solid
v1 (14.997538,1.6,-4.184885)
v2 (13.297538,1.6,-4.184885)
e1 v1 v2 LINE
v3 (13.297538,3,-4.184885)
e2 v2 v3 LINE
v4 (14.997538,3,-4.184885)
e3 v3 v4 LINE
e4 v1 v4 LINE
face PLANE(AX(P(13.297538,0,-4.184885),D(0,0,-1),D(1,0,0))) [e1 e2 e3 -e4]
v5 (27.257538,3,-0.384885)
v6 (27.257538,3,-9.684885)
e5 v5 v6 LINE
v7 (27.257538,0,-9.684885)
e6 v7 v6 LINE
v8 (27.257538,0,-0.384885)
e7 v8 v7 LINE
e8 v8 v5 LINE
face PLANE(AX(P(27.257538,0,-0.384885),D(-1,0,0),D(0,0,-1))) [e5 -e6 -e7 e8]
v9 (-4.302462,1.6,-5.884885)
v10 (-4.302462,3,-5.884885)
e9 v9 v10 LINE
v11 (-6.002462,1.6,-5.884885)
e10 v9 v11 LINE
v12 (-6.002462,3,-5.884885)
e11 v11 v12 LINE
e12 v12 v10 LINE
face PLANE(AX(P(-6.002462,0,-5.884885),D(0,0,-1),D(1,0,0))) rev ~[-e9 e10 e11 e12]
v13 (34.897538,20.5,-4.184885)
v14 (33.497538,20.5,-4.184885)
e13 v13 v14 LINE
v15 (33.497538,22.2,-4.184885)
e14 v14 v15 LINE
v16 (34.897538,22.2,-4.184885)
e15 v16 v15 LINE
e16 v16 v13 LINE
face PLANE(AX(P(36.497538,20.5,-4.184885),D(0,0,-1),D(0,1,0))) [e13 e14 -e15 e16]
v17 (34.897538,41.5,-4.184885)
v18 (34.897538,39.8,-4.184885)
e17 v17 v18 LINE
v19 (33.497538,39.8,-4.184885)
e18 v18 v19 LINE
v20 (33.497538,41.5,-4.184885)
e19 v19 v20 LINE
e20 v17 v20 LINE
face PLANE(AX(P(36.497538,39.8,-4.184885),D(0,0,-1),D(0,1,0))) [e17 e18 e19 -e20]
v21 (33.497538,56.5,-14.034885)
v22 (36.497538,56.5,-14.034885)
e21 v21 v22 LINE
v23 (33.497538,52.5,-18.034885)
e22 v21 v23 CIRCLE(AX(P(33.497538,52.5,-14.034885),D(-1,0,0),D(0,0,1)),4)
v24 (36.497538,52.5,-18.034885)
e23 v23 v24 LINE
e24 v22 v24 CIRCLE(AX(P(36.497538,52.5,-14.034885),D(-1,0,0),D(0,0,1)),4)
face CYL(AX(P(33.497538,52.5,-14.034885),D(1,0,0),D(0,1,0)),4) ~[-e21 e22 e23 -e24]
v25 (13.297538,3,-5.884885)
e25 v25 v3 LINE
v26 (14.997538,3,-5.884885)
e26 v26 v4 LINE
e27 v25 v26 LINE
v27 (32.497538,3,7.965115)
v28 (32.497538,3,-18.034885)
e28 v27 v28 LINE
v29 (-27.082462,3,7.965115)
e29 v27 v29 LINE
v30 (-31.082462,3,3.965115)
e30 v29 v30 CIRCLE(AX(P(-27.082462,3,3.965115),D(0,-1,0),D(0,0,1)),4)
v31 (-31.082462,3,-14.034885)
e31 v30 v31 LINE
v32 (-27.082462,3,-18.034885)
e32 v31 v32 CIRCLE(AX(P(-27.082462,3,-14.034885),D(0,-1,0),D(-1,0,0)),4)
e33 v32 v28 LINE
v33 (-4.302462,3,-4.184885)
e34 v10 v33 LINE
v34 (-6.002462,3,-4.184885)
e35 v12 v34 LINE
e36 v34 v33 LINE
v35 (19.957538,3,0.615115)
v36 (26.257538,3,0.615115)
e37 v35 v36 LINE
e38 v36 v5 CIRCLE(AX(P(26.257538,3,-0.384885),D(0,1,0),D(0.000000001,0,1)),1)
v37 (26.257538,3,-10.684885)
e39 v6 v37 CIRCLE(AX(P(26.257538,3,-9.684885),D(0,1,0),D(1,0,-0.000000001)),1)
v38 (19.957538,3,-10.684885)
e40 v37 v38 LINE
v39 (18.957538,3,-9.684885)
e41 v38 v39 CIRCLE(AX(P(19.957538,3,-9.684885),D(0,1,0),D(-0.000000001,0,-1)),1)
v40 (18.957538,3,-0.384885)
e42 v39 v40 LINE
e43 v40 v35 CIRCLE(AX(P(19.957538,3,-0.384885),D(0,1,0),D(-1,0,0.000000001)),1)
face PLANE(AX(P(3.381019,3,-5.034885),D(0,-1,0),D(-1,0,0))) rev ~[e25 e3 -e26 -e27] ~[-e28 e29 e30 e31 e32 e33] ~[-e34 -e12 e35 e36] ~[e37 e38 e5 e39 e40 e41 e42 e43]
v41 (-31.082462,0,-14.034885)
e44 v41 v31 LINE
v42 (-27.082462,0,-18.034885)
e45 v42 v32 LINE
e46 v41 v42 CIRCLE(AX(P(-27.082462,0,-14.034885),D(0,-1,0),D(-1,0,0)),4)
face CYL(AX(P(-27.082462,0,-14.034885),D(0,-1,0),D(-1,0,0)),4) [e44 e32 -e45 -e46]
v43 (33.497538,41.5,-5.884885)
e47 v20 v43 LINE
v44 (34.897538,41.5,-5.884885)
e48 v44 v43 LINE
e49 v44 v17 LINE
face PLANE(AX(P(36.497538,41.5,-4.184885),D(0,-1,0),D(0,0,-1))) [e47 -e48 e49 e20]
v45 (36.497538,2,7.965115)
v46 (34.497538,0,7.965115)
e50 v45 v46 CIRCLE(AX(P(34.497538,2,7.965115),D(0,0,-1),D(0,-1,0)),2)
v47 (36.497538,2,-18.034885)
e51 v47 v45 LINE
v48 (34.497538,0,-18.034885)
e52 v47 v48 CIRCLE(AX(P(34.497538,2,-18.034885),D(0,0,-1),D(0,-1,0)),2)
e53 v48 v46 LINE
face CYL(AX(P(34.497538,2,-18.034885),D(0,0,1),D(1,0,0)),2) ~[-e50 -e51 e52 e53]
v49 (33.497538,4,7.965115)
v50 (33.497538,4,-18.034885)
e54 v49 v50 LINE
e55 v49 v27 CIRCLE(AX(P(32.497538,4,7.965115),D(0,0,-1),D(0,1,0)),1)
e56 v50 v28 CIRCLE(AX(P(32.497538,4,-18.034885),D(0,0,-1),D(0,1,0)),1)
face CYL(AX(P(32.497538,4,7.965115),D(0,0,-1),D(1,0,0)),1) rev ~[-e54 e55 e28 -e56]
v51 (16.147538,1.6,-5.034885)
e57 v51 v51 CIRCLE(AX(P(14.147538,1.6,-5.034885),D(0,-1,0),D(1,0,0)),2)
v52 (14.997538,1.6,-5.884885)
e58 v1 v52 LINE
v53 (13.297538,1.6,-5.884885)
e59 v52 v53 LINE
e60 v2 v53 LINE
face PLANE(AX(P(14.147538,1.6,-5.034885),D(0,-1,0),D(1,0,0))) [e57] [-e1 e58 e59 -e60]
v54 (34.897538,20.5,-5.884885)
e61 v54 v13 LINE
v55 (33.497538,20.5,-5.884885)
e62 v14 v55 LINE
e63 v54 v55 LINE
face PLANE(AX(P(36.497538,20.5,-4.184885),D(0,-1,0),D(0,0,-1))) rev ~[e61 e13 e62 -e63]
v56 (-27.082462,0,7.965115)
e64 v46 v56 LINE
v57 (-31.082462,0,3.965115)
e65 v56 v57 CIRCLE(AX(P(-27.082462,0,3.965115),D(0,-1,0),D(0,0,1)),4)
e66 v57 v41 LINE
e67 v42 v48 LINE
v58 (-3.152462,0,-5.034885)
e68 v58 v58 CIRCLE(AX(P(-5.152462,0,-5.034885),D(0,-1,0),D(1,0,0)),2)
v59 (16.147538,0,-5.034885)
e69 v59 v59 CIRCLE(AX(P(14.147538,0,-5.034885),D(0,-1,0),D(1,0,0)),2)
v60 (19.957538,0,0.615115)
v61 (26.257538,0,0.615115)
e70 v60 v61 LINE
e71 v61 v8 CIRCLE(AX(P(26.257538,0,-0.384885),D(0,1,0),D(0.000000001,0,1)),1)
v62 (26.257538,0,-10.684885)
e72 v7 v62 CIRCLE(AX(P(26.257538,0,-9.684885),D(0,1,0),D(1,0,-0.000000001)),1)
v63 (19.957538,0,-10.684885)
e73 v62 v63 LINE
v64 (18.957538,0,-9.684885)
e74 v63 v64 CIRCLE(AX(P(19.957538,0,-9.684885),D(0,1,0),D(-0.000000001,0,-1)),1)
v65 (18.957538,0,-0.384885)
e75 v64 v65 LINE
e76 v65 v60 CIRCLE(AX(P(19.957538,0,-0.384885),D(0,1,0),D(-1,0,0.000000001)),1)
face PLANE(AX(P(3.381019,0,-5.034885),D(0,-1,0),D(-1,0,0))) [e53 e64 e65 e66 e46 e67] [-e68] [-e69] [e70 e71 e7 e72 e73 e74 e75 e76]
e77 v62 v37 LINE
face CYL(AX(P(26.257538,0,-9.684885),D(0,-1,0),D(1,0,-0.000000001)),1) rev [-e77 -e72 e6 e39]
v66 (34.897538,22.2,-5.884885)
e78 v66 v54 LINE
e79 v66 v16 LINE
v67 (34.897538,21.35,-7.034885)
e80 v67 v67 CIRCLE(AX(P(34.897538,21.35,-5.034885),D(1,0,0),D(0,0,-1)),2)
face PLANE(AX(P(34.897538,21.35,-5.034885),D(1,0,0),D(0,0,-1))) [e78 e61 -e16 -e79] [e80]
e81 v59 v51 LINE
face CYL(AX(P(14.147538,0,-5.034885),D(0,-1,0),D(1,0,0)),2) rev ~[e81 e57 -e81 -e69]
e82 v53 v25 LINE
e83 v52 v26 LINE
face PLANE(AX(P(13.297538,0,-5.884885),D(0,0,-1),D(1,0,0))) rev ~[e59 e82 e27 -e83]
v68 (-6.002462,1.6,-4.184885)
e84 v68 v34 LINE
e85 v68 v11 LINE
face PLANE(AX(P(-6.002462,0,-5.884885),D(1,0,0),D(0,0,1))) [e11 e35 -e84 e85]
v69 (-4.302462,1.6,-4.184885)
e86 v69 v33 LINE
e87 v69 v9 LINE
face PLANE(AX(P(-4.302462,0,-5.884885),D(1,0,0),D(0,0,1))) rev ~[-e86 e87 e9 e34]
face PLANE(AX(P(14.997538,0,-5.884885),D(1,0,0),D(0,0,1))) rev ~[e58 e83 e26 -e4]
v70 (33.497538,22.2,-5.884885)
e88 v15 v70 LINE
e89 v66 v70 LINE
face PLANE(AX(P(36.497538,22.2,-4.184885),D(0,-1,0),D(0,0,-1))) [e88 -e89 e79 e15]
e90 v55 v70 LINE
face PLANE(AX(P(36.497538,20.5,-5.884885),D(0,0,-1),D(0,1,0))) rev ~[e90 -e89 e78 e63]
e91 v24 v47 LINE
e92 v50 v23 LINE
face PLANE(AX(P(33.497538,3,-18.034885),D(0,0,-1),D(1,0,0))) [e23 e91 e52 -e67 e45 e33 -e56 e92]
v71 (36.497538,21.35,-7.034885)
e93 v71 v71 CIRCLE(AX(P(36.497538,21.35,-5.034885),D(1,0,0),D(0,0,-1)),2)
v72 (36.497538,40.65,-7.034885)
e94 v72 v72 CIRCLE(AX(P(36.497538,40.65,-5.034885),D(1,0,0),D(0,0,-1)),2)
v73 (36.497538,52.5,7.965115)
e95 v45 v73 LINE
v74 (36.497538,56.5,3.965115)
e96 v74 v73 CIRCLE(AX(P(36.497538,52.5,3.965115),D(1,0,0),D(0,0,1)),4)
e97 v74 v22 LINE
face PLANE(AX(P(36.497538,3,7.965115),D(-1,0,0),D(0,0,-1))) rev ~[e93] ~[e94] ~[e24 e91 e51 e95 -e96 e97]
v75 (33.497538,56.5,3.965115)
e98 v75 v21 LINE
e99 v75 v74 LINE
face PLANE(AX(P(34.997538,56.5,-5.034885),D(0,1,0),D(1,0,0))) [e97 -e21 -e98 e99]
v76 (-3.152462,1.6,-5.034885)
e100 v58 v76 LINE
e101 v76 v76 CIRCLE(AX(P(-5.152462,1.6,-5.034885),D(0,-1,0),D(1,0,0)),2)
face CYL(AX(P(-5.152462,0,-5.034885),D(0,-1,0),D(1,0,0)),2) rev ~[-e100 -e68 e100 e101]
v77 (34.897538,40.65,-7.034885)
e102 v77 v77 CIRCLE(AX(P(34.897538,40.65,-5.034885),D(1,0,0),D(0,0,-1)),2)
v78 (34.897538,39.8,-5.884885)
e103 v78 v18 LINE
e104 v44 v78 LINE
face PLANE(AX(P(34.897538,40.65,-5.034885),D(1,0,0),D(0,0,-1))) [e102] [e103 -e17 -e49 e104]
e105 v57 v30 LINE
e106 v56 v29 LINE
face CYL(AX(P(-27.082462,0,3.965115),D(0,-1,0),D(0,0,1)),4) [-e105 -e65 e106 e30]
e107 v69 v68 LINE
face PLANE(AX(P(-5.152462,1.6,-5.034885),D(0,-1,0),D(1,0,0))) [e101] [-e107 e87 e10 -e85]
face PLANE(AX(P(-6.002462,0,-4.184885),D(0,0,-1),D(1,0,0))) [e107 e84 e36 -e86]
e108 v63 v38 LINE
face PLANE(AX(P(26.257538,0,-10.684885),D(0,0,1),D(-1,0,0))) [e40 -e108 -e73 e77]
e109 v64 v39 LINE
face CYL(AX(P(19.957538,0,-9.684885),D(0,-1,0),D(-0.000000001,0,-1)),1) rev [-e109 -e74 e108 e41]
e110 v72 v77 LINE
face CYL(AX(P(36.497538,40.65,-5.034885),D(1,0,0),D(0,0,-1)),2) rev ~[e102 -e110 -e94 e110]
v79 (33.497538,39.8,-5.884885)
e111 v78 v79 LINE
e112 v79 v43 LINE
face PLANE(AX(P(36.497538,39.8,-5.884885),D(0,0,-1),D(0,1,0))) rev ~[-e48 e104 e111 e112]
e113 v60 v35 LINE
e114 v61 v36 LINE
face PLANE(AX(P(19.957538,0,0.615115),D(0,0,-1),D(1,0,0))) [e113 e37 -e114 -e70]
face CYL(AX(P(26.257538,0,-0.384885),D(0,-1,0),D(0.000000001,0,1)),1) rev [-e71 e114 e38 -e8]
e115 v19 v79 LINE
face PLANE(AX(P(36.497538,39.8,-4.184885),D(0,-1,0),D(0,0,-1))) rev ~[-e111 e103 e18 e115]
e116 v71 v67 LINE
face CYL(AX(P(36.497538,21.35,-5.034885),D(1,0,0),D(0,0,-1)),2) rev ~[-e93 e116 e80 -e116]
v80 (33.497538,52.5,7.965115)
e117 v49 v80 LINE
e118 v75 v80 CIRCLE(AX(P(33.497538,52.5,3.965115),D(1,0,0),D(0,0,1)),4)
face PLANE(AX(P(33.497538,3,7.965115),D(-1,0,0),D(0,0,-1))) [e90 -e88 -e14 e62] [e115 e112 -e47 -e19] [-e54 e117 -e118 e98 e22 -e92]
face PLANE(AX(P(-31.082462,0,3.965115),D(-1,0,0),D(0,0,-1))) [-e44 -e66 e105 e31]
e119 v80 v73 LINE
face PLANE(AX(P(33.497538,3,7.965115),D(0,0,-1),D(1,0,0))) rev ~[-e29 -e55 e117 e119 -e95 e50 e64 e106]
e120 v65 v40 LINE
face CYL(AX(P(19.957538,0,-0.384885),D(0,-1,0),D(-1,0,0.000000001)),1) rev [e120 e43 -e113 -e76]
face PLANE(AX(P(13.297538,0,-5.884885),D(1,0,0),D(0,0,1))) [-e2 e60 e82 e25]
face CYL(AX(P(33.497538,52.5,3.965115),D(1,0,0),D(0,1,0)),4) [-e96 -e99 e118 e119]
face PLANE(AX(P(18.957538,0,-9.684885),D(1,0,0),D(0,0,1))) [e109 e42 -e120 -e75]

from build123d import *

# Parameters (mm, degrees)
EXTRUDE_1_DEPTH     = 3
SKETCH_2_W          = 3
SKETCH_2_H          = 26
EXTRUDE_2_DEPTH     = 53.5
FILLET_1_R          = 4
FILLET_2_R          = 2
FILLET_3_R          = 1
SKETCH_3_W          = 1.7
SKETCH_3_H          = 1.7
CUT_EXTRUDE_1_DEPTH = 3
SKETCH_4_R          = 2
CUT_EXTRUDE_2_DEPTH = 1.6
SKETCH_5_W          = 1.7
SKETCH_5_H          = 1.7
CUT_EXTRUDE_3_DEPTH = 3
SKETCH_6_R          = 2
CUT_EXTRUDE_4_DEPTH = 1.6
CUT_EXTRUDE_5_DEPTH = 3


with BuildPart() as part:
    # Эскиз1 → Бобышка-Вытянуть1 (new body)
    with BuildSketch(Plane(origin=(0, 0, 0), x_dir=(1, 0, 0), z_dir=(0, 1, 0))):
        with BuildLine():
            Line((-27.082461997, 18.034885268), (36.497538003, 18.034885268))
            Line((36.497538003, 18.034885268), (36.497538003, -7.965114732))
            Line((36.497538003, -7.965114732), (-27.082461997, -7.965114732))
            ThreePointArc((-27.082461997, -7.965114732), (-29.910889121, -6.793541857), (-31.082461997, -3.965114732))
            Line((-31.082461997, -3.965114732), (-31.082461997, 14.034885268))
            ThreePointArc((-31.082461997, 14.034885268), (-29.910889121, 16.863312393), (-27.082461997, 18.034885268))
        make_face()
    extrude(amount=EXTRUDE_1_DEPTH)

    # Эскиз2 → Бобышка-Вытянуть2 (add)
    with BuildSketch(Plane(origin=(0, 3, 0), x_dir=(1, 0, 0), z_dir=(0, 1, 0))):
        with Locations((34.997538003, 5.034885268)):
            Rectangle(SKETCH_2_W, SKETCH_2_H)
    extrude(amount=EXTRUDE_2_DEPTH)

    # Скругление1
    fillet_1_edges = [part.edges().sort_by_distance(p)[0] for p in [
        (34.997538003, 56.5, -18.034885268),
        (34.997538003, 56.5, 7.965114732),
    ]]
    fillet(fillet_1_edges, radius=FILLET_1_R)

    # Скругление2
    fillet_2_edges = [part.edges().sort_by_distance(p)[0] for p in [
        (36.497538003, 0, -5.034885268),
    ]]
    fillet(fillet_2_edges, radius=FILLET_2_R)

    # Скругление3
    fillet_3_edges = [part.edges().sort_by_distance(p)[0] for p in [
        (33.497538003, 3, -5.034885268),
    ]]
    fillet(fillet_3_edges, radius=FILLET_3_R)

    # Эскиз3 → Вырез-Вытянуть1 (cut)
    with BuildSketch(Plane.XZ):
        with Locations((-5.152461997, -5.034885268)):
            Rectangle(SKETCH_3_W, SKETCH_3_H)
        with Locations((14.147538003, -5.034885268)):
            Rectangle(SKETCH_3_W, SKETCH_3_H)
    extrude(amount=-CUT_EXTRUDE_1_DEPTH, mode=Mode.SUBTRACT)

    # Эскиз4 → Вырез-Вытянуть2 (cut)
    with BuildSketch(Plane.XZ):
        with Locations((-5.152461997, -5.034885268)):
            Circle(SKETCH_4_R)
        with Locations((14.147538003, -5.034885268)):
            Circle(SKETCH_4_R)
    extrude(amount=-CUT_EXTRUDE_2_DEPTH, mode=Mode.SUBTRACT)

    # Эскиз5 → Вырез-Вытянуть3 (cut)
    with BuildSketch(Plane(origin=(36.497538003, 0, 0), x_dir=(0, 0, -1), z_dir=(1, 0, 0))):
        with Locations((5.034885268, 21.35)):
            Rectangle(SKETCH_5_W, SKETCH_5_H)
        with Locations((5.034885268, 40.65)):
            Rectangle(SKETCH_5_W, SKETCH_5_H)
    extrude(amount=-CUT_EXTRUDE_3_DEPTH, mode=Mode.SUBTRACT)

    # Эскиз6 → Вырез-Вытянуть4 (cut)
    with BuildSketch(Plane(origin=(36.497538003, 0, 0), x_dir=(0, 0, -1), z_dir=(1, 0, 0))):
        with Locations((5.034885268, 40.65)):
            Circle(SKETCH_6_R)
        with Locations((5.034885268, 21.35)):
            Circle(SKETCH_6_R)
    extrude(amount=-CUT_EXTRUDE_4_DEPTH, mode=Mode.SUBTRACT)

    # Эскиз7 → Вырез-Вытянуть5 (cut)
    with BuildSketch(Plane.XZ):
        with BuildLine():
            Line((19.957538003, 0.615114732), (26.257538003, 0.615114732))
            ThreePointArc((26.257538003, 0.615114732), (26.964644784, 0.322221513), (27.257538003, -0.384885268))
            Line((27.257538003, -0.384885268), (27.257538003, -9.684885268))
            ThreePointArc((27.257538003, -9.684885268), (26.964644784, -10.391992049), (26.257538003, -10.684885268))
            Line((26.257538003, -10.684885268), (19.957538003, -10.684885268))
            ThreePointArc((19.957538003, -10.684885268), (19.250431222, -10.391992049), (18.957538003, -9.684885268))
            Line((18.957538003, -9.684885268), (18.957538003, -0.384885268))
            ThreePointArc((18.957538003, -0.384885268), (19.250431222, 0.322221513), (19.957538003, 0.615114732))
        make_face()
    extrude(amount=-CUT_EXTRUDE_5_DEPTH, mode=Mode.SUBTRACT)


solid = part.part
